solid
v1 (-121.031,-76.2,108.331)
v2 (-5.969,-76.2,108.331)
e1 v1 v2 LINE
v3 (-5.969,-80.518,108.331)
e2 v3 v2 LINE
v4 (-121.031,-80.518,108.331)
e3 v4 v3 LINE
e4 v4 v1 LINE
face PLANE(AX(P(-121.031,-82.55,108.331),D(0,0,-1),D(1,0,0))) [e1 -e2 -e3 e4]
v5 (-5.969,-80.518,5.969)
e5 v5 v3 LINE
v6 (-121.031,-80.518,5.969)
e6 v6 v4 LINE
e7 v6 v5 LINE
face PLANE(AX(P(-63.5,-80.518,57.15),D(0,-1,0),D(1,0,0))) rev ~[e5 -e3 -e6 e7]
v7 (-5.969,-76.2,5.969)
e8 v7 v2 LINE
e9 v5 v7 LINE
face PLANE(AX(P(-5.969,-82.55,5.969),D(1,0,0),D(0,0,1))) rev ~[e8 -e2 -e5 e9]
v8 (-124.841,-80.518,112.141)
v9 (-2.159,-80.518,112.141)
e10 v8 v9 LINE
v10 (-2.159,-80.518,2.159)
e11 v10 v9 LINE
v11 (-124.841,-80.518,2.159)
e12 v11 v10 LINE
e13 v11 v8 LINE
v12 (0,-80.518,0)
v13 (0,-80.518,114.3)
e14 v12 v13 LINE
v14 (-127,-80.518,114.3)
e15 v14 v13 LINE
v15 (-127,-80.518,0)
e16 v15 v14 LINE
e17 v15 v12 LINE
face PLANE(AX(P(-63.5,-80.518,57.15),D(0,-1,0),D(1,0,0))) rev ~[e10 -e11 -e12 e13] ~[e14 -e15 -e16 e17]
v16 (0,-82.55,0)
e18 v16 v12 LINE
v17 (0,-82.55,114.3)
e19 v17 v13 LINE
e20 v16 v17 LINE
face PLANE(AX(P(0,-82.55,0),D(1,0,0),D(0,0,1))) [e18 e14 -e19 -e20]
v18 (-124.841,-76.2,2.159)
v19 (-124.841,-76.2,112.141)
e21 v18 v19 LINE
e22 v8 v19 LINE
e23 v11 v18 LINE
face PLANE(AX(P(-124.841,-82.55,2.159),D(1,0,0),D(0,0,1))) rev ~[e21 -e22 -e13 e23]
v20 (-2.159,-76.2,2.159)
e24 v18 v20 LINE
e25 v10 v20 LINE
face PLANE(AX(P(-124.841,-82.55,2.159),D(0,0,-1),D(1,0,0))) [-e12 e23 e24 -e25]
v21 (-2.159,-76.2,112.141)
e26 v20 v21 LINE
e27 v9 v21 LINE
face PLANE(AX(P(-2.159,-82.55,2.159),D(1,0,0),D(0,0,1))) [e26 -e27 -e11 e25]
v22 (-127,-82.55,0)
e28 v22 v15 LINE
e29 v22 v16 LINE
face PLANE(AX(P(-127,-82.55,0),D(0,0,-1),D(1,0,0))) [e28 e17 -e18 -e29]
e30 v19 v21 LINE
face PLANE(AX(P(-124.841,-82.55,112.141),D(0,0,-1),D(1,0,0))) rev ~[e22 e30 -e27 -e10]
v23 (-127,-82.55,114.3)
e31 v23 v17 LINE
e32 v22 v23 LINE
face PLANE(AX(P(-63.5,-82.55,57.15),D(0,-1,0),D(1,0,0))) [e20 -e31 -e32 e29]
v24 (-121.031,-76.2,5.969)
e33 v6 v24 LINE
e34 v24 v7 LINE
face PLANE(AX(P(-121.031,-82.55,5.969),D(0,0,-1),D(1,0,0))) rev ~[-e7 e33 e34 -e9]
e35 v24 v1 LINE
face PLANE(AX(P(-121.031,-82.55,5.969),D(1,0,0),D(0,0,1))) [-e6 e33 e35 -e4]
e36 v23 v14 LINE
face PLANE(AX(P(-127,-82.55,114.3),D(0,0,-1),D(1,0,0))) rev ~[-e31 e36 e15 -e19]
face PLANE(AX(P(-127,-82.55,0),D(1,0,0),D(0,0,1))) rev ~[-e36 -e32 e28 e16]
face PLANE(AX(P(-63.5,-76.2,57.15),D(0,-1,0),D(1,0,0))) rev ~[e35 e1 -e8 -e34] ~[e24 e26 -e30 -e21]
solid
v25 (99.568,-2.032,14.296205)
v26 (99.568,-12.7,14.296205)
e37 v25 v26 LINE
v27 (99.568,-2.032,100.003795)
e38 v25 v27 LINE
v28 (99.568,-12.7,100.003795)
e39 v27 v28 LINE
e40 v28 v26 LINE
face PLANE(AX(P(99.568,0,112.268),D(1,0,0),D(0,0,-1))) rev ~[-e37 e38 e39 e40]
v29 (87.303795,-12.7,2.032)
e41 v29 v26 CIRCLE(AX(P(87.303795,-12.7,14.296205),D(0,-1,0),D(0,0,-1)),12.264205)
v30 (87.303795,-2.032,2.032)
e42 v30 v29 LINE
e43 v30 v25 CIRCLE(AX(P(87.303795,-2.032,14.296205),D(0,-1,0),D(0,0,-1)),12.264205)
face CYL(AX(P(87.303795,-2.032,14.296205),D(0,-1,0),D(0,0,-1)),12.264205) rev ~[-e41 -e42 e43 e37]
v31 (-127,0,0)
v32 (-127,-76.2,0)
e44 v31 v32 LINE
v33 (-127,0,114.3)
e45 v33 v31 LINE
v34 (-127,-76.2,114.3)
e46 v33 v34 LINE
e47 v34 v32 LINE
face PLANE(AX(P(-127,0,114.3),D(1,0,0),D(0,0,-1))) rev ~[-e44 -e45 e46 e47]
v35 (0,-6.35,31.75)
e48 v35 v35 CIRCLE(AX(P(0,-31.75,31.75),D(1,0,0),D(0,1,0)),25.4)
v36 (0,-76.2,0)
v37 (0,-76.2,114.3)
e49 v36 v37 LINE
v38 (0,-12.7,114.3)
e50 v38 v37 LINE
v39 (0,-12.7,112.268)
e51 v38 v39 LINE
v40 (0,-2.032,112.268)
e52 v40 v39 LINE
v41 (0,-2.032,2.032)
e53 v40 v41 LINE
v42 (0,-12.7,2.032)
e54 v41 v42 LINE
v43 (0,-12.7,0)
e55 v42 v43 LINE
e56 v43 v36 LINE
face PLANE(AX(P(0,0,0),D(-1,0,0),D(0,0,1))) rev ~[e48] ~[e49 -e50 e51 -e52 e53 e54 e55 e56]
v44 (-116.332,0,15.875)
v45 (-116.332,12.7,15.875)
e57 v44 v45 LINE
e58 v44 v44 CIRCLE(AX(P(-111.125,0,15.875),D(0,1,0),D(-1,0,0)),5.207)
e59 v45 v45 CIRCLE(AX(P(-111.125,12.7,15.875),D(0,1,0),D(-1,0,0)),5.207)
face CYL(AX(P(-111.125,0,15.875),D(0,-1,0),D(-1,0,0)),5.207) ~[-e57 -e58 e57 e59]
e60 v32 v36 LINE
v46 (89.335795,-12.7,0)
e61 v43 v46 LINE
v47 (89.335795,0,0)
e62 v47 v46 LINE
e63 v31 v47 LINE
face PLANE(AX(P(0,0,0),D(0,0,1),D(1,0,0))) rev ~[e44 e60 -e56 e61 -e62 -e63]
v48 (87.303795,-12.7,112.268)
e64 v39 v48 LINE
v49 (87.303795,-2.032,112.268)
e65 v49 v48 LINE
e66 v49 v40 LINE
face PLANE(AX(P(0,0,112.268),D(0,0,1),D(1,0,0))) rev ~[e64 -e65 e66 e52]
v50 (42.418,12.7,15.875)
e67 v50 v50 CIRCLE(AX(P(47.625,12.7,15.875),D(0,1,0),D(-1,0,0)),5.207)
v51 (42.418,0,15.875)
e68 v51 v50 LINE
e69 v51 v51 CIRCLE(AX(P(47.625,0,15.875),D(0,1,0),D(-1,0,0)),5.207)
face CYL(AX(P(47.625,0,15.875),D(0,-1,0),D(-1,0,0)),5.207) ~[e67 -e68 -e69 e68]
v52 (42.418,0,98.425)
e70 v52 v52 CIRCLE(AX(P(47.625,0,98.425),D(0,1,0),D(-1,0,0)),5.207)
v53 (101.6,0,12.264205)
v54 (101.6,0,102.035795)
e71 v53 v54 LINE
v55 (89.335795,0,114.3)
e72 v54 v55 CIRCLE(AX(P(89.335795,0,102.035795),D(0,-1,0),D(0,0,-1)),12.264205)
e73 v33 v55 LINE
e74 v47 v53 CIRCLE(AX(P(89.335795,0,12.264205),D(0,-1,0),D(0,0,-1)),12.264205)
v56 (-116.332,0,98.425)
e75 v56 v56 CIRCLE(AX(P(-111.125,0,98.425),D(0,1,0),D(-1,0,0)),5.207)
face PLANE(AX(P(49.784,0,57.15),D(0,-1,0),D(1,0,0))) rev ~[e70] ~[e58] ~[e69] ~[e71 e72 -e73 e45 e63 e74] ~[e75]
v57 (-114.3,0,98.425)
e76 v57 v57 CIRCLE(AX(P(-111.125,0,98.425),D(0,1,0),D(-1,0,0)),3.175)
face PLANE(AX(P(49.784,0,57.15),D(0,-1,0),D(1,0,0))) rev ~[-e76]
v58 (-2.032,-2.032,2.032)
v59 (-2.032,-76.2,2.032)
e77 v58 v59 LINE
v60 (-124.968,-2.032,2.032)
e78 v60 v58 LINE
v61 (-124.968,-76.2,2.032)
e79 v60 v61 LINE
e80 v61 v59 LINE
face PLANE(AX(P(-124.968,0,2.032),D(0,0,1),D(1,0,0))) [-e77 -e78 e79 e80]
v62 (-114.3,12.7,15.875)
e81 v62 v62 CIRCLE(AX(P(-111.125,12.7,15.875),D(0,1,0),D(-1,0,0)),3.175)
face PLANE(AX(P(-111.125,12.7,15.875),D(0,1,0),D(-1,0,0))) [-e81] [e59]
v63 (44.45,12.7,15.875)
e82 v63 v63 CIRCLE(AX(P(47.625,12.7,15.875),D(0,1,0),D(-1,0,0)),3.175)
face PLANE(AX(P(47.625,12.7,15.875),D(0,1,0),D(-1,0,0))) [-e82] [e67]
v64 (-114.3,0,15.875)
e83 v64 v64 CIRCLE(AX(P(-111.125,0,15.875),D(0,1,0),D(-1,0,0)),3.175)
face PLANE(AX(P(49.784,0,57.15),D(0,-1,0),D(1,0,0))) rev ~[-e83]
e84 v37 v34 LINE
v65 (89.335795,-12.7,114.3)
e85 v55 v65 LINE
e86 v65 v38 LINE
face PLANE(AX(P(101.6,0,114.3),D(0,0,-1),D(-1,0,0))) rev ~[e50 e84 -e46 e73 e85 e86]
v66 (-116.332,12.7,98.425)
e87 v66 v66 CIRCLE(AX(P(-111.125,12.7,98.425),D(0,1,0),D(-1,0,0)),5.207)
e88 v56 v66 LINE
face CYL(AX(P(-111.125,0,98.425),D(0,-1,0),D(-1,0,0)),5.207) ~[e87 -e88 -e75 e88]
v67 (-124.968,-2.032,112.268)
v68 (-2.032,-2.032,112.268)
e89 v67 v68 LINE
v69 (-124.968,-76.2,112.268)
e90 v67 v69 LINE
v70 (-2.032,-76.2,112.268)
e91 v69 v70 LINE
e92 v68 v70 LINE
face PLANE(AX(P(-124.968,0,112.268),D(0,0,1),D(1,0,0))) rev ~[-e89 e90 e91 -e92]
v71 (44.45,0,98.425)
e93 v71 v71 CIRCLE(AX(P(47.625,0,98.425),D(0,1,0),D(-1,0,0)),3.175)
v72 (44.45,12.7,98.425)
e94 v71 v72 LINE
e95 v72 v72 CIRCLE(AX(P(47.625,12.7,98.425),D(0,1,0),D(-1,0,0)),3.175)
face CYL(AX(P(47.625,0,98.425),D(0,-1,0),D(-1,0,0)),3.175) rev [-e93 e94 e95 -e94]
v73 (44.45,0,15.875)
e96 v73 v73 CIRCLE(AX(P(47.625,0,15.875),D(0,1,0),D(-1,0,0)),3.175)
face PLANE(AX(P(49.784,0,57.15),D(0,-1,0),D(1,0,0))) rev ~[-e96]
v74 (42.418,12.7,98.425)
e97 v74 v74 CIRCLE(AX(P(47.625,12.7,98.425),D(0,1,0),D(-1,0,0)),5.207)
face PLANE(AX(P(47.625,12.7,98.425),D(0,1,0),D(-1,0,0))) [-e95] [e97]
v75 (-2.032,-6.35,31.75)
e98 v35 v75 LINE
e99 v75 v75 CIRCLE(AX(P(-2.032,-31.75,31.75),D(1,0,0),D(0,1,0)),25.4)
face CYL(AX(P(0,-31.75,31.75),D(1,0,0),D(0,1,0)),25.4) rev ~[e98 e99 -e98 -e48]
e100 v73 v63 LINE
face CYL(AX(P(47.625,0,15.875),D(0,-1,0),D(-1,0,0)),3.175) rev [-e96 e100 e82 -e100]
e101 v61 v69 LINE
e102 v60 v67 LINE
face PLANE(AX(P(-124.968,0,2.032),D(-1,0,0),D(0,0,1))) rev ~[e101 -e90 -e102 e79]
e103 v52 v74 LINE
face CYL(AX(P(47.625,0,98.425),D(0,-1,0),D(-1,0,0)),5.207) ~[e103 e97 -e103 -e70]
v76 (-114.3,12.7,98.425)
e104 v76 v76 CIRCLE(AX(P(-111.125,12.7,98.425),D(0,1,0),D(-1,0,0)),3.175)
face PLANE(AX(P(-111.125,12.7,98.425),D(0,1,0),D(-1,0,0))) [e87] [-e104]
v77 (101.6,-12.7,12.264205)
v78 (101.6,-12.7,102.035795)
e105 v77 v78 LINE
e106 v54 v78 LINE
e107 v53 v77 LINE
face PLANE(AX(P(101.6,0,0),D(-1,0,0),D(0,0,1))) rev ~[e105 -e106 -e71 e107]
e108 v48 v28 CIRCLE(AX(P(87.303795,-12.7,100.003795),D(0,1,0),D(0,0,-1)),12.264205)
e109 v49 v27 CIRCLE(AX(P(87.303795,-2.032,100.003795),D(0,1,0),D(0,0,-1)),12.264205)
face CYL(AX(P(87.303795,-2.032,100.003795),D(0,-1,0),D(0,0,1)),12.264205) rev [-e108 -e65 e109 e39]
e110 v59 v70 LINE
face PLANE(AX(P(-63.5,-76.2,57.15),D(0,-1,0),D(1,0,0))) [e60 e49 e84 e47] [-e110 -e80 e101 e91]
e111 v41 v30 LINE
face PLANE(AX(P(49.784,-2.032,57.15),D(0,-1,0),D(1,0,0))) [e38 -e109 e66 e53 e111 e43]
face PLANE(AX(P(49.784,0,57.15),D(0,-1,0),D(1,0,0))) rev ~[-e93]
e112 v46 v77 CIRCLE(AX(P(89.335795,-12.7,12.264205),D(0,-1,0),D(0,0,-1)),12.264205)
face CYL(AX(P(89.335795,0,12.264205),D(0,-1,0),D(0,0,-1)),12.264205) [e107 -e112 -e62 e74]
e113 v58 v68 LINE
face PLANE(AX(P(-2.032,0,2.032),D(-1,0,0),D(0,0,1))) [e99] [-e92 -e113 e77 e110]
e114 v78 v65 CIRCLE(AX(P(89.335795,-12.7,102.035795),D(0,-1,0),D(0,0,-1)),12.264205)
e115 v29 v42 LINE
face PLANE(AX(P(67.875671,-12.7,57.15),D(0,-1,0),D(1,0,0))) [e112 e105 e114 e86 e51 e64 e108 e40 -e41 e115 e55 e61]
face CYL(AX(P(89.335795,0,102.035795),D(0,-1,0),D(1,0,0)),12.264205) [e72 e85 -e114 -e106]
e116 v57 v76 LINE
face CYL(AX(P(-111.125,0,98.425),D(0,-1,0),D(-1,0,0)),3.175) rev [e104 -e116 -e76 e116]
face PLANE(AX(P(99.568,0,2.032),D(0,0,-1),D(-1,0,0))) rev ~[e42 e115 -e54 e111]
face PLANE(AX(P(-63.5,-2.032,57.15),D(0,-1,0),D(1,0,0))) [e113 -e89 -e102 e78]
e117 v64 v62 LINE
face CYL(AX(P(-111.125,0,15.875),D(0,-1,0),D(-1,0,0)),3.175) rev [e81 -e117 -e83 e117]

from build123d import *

# Parameters (mm, degrees)
F0_W      = 122.936
F0_H      = 110.236
F1_DEPTH  = 76.2
F2_DEPTH  = 2.032
F5_W      = 127
F5_H      = 114.3
F5_W_2    = 122.682
F5_H_2    = 109.982
F5_W_3    = 115.062
F5_H_3    = 102.362
F6_DEPTH  = 2.032
F7_DEPTH  = 6.35
F0_W_2    = 99.568
F8_DEPTH  = 2.032
F9_DEPTH  = 12.7
F3_R      = 25.4
F10_DEPTH = 6.35
F11_R     = 12.2642048969
F12_R     = 5.207
F12_R_2   = 3.175
F13_DEPTH = 12.7


with BuildPart() as f1:
    # F0 (on Front) → F1 (new body)
    with BuildSketch(Plane.XZ):
        Polygon((0, 114.3), (-127, 114.3), (-127, 0), (0, 0), (0, 2.032), (0, 112.268), align=None)
        with Locations((-63.5, 57.15)):
            Rectangle(F0_W, F0_H, mode=Mode.SUBTRACT)
    extrude(amount=F1_DEPTH)

    # F0 (on Front) → F2 (join)
    with BuildSketch(Plane.XZ):
        with Locations((-63.5, 57.15)):
            Rectangle(F0_W, F0_H)
    extrude(amount=F2_DEPTH)

    # F0 (on Front) → F8 (join)
    with BuildSketch(Plane.XZ):
        with Locations((49.784, 57.15)):
            Rectangle(F0_W_2, F0_H)
        Polygon((101.6, 114.3), (0, 114.3), (0, 112.268), (99.568, 112.268), (99.568, 2.032), (0, 2.032), (0, 0), (101.6, 0), align=None)
    extrude(amount=F8_DEPTH)

    # F0 (on Front) → F9 (join)
    with BuildSketch(Plane.XZ):
        Polygon((101.6, 114.3), (0, 114.3), (0, 112.268), (99.568, 112.268), (99.568, 2.032), (0, 2.032), (0, 0), (101.6, 0), align=None)
    extrude(amount=F9_DEPTH)

    # F3 (on face) → F10 (cut)
    with BuildSketch(Plane.YZ):
        with Locations((-31.75, 31.75)):
            Circle(F3_R)
    extrude(amount=-F10_DEPTH, mode=Mode.SUBTRACT)

    # F11
    f11_edges = [f1.edges().sort_by_distance(p)[0] for p in [
        (101.6, -6.35, 0),
        (99.568, -7.366, 2.032),
        (99.568, -7.366, 112.268),
        (101.6, -6.35, 114.3),
    ]]
    fillet(f11_edges, radius=F11_R)

    # F12 (on face) → F13 (join)
    with BuildSketch(Plane(origin=(0, 0, 0), x_dir=(-1, 0, 0), z_dir=(0, 1, 0))):
        with Locations((111.125, 15.875)):
            Circle(F12_R)
        with Locations((111.125, 15.875)):
            Circle(F12_R_2, mode=Mode.SUBTRACT)
        with Locations((111.125, 98.425)):
            Circle(F12_R)
        with Locations((111.125, 98.425)):
            Circle(F12_R_2, mode=Mode.SUBTRACT)
        with Locations((-47.625, 98.425)):
            Circle(F12_R)
        with Locations((-47.625, 98.425)):
            Circle(F12_R_2, mode=Mode.SUBTRACT)
        with Locations((-47.625, 15.875)):
            Circle(F12_R)
        with Locations((-47.625, 15.875)):
            Circle(F12_R_2, mode=Mode.SUBTRACT)
    extrude(amount=F13_DEPTH)


with BuildPart() as f6:
    # F5 (on offset) → F6 (new body)
    with BuildSketch(Plane.XZ.offset(82.55)):
        with Locations((-63.5, 57.15)):
            Rectangle(F5_W, F5_H)
        with Locations((-63.5, 57.15)):
            Rectangle(F5_W_2, F5_H_2, mode=Mode.SUBTRACT)
        with Locations((-63.5, 57.15)):
            Rectangle(F5_W_2, F5_H_2)
        with Locations((-63.5, 57.15)):
            Rectangle(F5_W_3, F5_H_3, mode=Mode.SUBTRACT)
        with Locations((-63.5, 57.15)):
            Rectangle(F5_W_3, F5_H_3)
    extrude(amount=-F6_DEPTH)

    # F5 (on offset) → F7 (join)
    with BuildSketch(Plane.XZ.offset(82.55)):
        with Locations((-63.5, 57.15)):
            Rectangle(F5_W_2, F5_H_2)
        with Locations((-63.5, 57.15)):
            Rectangle(F5_W_3, F5_H_3, mode=Mode.SUBTRACT)
    extrude(amount=-F7_DEPTH)


solid = Compound([f1.part, f6.part])
